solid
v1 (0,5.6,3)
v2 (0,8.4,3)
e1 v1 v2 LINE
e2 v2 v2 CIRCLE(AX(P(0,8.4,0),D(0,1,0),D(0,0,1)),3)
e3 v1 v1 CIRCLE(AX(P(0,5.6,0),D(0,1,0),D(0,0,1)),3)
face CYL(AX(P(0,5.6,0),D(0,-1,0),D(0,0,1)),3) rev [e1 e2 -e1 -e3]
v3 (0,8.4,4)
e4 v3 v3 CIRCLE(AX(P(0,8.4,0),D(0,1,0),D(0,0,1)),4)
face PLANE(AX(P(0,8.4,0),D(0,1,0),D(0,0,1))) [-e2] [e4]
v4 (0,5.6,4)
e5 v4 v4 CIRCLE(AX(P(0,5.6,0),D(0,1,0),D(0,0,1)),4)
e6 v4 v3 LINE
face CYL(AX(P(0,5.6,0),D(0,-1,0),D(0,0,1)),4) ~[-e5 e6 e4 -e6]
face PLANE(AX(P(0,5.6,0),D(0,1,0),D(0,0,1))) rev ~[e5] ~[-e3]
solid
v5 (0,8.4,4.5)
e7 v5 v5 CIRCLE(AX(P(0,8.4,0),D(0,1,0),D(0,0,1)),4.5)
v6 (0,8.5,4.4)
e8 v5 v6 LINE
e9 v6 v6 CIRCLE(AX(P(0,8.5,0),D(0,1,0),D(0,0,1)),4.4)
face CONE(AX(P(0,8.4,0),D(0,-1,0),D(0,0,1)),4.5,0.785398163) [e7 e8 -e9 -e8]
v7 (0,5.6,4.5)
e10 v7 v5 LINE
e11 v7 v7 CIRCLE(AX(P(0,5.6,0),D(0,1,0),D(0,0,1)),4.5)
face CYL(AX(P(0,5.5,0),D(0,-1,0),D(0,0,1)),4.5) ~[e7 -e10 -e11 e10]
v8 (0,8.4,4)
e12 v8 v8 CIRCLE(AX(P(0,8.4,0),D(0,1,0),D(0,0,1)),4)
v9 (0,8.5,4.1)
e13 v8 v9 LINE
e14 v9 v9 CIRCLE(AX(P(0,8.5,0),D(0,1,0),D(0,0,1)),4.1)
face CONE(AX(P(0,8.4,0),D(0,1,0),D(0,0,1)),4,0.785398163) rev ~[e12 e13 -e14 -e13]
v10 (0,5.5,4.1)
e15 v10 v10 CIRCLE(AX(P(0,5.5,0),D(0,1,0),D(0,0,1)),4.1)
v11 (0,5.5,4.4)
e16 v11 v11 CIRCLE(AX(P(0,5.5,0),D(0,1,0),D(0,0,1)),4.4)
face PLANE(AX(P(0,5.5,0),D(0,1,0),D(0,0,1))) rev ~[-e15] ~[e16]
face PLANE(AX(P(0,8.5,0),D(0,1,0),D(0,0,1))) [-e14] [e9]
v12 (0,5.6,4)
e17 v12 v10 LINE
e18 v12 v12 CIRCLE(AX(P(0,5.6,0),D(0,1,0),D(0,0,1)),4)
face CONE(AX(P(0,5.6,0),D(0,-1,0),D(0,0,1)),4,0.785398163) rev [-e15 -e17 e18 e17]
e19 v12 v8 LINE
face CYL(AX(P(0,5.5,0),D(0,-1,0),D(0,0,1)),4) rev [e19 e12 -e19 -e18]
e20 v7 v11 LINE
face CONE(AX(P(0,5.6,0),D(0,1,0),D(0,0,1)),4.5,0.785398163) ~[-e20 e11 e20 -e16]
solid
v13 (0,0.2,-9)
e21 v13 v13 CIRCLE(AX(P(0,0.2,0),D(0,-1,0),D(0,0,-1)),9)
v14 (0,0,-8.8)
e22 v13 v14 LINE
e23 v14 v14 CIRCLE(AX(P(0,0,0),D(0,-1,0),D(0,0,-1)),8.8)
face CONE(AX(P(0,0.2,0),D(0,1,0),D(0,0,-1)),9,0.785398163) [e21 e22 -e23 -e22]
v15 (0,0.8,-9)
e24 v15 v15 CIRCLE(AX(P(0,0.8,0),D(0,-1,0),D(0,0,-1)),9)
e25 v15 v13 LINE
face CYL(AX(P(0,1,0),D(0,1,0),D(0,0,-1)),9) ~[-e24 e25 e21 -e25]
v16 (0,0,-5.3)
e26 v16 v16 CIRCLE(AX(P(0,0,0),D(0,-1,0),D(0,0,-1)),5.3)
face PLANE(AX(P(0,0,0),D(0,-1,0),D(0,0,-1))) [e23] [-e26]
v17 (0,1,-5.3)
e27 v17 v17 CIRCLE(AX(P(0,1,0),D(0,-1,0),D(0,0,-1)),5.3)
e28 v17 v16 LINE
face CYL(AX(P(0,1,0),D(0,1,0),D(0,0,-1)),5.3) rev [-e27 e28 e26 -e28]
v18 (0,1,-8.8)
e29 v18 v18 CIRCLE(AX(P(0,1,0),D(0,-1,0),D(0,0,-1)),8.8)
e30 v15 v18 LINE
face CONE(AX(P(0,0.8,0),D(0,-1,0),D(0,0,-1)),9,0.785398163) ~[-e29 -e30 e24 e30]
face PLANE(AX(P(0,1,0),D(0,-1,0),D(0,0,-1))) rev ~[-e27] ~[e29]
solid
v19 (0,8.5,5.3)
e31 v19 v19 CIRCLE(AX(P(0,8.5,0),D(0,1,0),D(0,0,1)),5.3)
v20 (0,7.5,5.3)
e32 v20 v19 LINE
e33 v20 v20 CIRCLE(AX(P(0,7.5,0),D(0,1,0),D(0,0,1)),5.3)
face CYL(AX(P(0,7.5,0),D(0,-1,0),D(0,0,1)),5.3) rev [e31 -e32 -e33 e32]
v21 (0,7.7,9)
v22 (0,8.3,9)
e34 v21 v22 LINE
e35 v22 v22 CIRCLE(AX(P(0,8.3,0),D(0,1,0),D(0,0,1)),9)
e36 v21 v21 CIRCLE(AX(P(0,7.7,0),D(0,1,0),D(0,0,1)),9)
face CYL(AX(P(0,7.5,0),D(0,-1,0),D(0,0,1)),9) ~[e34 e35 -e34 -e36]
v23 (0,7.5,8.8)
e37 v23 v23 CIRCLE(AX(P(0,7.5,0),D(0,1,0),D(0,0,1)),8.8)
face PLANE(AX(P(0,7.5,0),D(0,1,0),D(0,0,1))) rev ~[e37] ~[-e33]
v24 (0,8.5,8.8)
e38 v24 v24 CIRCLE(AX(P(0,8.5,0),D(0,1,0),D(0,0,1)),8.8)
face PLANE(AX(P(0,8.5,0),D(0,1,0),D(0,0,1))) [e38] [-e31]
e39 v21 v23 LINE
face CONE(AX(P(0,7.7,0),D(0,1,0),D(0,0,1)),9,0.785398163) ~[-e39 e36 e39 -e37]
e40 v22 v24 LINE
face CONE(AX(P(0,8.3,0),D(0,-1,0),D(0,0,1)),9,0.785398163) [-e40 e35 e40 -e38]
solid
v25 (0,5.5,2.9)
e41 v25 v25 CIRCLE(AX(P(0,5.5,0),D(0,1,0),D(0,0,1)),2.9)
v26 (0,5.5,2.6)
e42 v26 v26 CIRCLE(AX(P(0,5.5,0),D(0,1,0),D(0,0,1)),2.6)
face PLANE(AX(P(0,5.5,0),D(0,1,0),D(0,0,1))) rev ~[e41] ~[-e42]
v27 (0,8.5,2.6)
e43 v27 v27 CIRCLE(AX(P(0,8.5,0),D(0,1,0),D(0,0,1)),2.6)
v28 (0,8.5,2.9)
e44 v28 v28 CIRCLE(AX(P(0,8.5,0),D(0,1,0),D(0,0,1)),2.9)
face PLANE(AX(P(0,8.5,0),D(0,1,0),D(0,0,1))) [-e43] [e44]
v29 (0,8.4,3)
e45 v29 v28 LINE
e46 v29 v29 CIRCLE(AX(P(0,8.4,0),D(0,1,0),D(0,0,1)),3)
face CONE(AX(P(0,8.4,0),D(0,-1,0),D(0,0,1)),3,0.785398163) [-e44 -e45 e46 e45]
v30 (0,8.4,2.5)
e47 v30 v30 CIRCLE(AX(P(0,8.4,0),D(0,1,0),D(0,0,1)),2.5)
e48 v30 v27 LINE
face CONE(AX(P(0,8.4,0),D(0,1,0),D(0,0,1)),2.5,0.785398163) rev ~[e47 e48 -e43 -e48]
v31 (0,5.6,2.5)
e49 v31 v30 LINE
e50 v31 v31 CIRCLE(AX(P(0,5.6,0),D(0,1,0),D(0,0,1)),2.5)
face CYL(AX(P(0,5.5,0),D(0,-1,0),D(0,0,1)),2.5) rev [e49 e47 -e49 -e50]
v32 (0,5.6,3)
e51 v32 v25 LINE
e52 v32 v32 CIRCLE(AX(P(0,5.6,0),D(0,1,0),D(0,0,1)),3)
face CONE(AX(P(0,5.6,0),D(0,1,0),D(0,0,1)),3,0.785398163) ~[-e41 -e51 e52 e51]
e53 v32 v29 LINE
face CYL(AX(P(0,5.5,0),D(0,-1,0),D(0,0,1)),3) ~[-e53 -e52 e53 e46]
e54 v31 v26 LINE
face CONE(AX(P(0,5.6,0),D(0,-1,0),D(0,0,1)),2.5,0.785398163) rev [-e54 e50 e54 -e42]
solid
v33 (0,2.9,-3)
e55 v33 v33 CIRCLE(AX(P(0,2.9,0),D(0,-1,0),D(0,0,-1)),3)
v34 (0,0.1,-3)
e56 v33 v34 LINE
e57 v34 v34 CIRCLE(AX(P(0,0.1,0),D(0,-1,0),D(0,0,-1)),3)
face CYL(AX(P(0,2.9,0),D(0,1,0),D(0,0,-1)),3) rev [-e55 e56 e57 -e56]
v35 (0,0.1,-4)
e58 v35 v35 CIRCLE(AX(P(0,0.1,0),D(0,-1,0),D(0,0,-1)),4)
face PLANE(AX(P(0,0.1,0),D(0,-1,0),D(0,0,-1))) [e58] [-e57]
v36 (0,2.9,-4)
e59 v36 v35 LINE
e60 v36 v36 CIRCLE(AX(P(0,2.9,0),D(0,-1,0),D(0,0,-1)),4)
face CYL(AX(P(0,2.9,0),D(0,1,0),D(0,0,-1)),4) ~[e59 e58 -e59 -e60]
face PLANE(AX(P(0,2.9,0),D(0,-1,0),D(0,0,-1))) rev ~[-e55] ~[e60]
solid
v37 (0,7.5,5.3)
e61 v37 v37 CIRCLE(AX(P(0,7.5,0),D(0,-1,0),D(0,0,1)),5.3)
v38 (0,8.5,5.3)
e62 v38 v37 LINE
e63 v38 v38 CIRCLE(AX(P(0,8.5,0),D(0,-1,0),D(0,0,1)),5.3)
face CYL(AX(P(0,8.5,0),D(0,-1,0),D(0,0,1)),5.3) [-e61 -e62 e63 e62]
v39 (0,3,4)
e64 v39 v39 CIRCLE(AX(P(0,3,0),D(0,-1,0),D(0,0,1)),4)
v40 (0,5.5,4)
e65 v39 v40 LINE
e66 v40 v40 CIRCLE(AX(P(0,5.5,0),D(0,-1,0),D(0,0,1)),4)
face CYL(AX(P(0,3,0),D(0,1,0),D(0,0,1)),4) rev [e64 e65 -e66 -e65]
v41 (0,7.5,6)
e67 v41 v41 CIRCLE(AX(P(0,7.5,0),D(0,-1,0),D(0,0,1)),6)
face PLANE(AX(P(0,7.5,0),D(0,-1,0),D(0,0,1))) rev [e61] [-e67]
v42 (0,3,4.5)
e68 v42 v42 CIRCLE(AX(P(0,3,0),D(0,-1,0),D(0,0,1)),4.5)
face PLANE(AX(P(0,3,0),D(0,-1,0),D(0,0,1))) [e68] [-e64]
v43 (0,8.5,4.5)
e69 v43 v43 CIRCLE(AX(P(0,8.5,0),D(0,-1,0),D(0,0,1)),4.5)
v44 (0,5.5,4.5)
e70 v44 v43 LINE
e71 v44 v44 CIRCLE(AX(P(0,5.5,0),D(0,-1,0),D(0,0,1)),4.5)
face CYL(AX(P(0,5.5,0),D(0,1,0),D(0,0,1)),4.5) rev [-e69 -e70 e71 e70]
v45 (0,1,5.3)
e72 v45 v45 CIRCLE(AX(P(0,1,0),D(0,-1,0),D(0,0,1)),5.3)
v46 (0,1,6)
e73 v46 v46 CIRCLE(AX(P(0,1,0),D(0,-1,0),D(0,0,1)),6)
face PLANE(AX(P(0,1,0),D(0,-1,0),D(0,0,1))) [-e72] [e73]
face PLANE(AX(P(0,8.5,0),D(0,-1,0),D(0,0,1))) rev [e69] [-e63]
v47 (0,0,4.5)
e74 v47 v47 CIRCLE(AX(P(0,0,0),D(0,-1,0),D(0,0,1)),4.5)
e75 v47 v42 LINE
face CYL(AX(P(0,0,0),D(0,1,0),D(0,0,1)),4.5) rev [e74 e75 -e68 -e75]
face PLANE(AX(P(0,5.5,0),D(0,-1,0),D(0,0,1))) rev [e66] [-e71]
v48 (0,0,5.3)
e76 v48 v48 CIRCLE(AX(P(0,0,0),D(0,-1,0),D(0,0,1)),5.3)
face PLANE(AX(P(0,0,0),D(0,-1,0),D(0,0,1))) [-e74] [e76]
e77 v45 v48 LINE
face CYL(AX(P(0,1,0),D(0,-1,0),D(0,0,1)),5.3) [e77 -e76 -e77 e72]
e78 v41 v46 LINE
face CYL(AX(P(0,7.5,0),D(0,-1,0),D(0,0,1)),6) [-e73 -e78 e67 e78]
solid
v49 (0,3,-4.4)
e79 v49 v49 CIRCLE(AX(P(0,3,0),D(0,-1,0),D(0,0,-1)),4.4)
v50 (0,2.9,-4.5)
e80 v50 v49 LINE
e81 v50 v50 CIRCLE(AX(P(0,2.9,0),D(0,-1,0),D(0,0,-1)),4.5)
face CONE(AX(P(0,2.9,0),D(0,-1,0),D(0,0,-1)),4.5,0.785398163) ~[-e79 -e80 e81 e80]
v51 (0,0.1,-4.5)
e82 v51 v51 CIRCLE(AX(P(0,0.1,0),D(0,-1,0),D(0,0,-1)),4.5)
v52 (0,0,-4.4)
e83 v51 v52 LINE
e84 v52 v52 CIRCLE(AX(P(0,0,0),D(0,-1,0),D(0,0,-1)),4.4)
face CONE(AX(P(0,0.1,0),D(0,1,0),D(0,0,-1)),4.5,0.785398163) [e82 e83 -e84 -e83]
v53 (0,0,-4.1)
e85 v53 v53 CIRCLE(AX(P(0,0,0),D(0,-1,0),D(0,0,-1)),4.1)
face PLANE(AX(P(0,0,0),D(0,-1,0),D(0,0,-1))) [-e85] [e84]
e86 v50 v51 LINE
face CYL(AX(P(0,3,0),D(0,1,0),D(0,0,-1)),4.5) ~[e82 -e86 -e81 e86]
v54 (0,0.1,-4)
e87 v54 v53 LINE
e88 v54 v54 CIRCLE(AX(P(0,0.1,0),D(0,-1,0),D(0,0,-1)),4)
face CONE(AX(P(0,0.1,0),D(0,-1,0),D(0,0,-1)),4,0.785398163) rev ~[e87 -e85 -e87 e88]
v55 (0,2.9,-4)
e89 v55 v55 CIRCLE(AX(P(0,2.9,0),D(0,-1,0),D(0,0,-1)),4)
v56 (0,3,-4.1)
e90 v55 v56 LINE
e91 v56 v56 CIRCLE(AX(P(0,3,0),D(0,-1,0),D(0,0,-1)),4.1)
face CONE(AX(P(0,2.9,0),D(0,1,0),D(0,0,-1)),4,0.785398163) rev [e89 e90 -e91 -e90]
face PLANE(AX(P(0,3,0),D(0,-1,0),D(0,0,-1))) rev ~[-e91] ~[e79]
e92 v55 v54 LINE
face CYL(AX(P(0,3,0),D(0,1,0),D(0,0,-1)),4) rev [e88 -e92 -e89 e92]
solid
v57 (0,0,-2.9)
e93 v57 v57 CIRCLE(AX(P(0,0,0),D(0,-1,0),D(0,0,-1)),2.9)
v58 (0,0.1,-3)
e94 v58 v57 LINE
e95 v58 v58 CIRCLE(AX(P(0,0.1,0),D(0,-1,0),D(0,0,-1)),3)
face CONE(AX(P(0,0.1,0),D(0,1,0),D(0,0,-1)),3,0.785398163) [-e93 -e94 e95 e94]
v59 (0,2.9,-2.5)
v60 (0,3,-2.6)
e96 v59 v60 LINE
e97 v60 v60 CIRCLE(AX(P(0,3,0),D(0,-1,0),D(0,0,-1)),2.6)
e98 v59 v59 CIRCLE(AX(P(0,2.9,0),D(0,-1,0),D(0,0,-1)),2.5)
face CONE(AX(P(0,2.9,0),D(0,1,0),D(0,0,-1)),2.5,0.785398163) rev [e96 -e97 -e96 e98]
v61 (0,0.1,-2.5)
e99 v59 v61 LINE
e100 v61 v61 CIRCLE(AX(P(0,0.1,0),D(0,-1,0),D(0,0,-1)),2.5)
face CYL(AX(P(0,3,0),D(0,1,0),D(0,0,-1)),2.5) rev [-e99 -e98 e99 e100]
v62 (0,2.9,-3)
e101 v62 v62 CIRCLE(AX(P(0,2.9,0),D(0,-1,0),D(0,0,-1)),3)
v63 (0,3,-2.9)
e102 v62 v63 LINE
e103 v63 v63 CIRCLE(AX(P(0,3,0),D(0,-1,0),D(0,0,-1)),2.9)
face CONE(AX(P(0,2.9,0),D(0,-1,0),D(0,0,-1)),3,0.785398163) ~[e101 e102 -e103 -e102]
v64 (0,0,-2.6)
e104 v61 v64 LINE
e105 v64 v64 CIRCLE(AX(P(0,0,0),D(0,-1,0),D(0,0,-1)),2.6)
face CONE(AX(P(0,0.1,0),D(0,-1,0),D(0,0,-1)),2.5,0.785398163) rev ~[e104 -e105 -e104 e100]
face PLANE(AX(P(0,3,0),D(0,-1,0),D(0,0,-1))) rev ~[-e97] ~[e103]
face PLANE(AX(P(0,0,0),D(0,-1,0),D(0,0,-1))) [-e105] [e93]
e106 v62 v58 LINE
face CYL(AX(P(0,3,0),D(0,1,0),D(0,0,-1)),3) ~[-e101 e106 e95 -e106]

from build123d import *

# Parameters (mm, degrees)
SKICA2_R                  = 9
SKICA2_R_2                = 5.3
P_IDAT_VYSUNUT_M1_DEPTH   = 1
ZKOSEN_1_SIZE             = 0.2
SKICA3_R                  = 9
SKICA3_R_2                = 5.3
P_IDAT_VYSUNUT_M2_DEPTH   = 1
ZKOSEN_2_SIZE             = 0.2
SKICA4_R                  = 3
SKICA4_R_2                = 2.5
P_IDAT_VYSUNUT_M3_DEPTH   = 3
SKICA4_R_3                = 4.5
SKICA4_R_4                = 4
P_IDAT_VYSUNUT_M3_2_DEPTH = 3
P_IDAT_START              = 0.1
SKICA4_4_R                = 4
SKICA4_4_R_2              = 3
P_IDAT_VYSUNUT_M4_DEPTH   = 2.8
ZKOSEN_3_SIZE             = 0.1
ZKOSEN_4_SIZE             = 0.1
SKICA5_R                  = 3
SKICA5_R_2                = 2.5
P_IDAT_VYSUNUT_M6_DEPTH   = 3
SKICA5_R_3                = 4.5
SKICA5_R_4                = 4
P_IDAT_VYSUNUT_M6_2_DEPTH = 3
ZKOSEN_5_SIZE             = 0.1
ZKOSEN_6_SIZE             = 0.1
SKICA5_4_R                = 4
SKICA5_4_R_2              = 3
P_IDAT_VYSUNUT_M7_DEPTH   = 2.8


with BuildPart() as part:
    # Skica1 → Rotovat1 (revolve)
    with BuildSketch(Plane.XY, mode=Mode.PRIVATE) as rotovat1_sk:
        Polygon((-4.5, 8.5), (-5.3, 8.5), (-5.3, 7.5), (-6, 7.5), (-6, 1), (-5.3, 1), (-5.3, 0), (-4.5, 0), (-4.5, 3), (-4, 3), (-4, 5.5), (-4.5, 5.5), align=None)
    revolve(rotovat1_sk.sketch.rotate(Axis((0, 8.5, 0), (0, -1, 0)), 270), axis=Axis((0, 8.5, 0), (0, -1, 0)))


with BuildPart() as body_2:
    # Skica2 → Přidat vysunutím1 (new body)
    with BuildSketch(Plane(origin=(0, 7.5, 0), x_dir=(1, 0, 0), z_dir=(0, 1, 0))):
        with Locations(Location((0, 0, 0), (0, 0, 270))):
            Circle(SKICA2_R)
        with Locations(Location((0, 0, 0), (0, 0, 270))):
            Circle(SKICA2_R_2, mode=Mode.SUBTRACT)
    extrude(amount=P_IDAT_VYSUNUT_M1_DEPTH)

    # Zkosení1
    zkosen_1_edges = [body_2.edges().sort_by_distance(p)[0] for p in [
        (0, 7.5, -9),
        (0, 8.5, -9),
    ]]
    chamfer(zkosen_1_edges, length=ZKOSEN_1_SIZE)


with BuildPart() as body_3:
    # Skica3 → Přidat vysunutím2 (new body)
    with BuildSketch(Plane.XZ.offset(-1)):
        with Locations(Location((0, 0, 0), (0, 0, 270))):
            Circle(SKICA3_R)
        with Locations(Location((0, 0, 0), (0, 0, 270))):
            Circle(SKICA3_R_2, mode=Mode.SUBTRACT)
    extrude(amount=P_IDAT_VYSUNUT_M2_DEPTH)

    # Zkosení2
    zkosen_2_edges = [body_3.edges().sort_by_distance(p)[0] for p in [
        (0, 1, 9),
        (0, 0, 9),
    ]]
    chamfer(zkosen_2_edges, length=ZKOSEN_2_SIZE)


with BuildPart() as body_4:
    # Skica4 → Přidat vysunutím3 (new body)
    with BuildSketch(Plane(origin=(0, 5.5, 0), x_dir=(1, 0, 0), z_dir=(0, 1, 0))):
        with Locations(Location((0, 0, 0), (0, 0, 270))):
            Circle(SKICA4_R)
        with Locations(Location((0, 0, 0), (0, 0, 270))):
            Circle(SKICA4_R_2, mode=Mode.SUBTRACT)
    extrude(amount=P_IDAT_VYSUNUT_M3_DEPTH)

    # Zkosení3
    zkosen_3_edges = [body_4.edges().sort_by_distance(p)[0] for p in [
        (0, 5.5, -3),
        (0, 5.5, -2.5),
        (0, 8.5, -2.5),
        (0, 8.5, -3),
    ]]
    chamfer(zkosen_3_edges, length=ZKOSEN_3_SIZE)


with BuildPart() as body_5:
    # Skica4 → P_idat vysunut_m3 2 (new body)
    with BuildSketch(Plane(origin=(0, 5.5, 0), x_dir=(1, 0, 0), z_dir=(0, 1, 0))):
        with Locations(Location((0, 0, 0), (0, 0, 270))):
            Circle(SKICA4_R_3)
        with Locations(Location((0, 0, 0), (0, 0, 270))):
            Circle(SKICA4_R_4, mode=Mode.SUBTRACT)
    extrude(amount=P_IDAT_VYSUNUT_M3_2_DEPTH)

    # Zkosení4
    zkosen_4_edges = [body_5.edges().sort_by_distance(p)[0] for p in [
        (0, 8.5, -4.5),
        (0, 5.5, -4.5),
        (0, 5.5, -4),
        (0, 8.5, -4),
    ]]
    chamfer(zkosen_4_edges, length=ZKOSEN_4_SIZE)


with BuildPart() as body_6:
    # Skica4<4> → Přidat vysunutím4 (new body)
    with BuildSketch(Plane(origin=(0, 5.5, 0), x_dir=(1, 0, 0), z_dir=(0, 1, 0)).offset(P_IDAT_START)):
        with Locations(Location((0, 0, 0), (0, 0, 270))):
            Circle(SKICA4_4_R)
        with Locations(Location((0, 0, 0), (0, 0, 270))):
            Circle(SKICA4_4_R_2, mode=Mode.SUBTRACT)
    extrude(amount=P_IDAT_VYSUNUT_M4_DEPTH)


with BuildPart() as body_7:
    # Skica5 → Přidat vysunutím6 (new body)
    with BuildSketch(Plane.XZ.offset(-3)):
        with Locations(Location((0, 0, 0), (0, 0, 270))):
            Circle(SKICA5_R)
        with Locations(Location((0, 0, 0), (0, 0, 270))):
            Circle(SKICA5_R_2, mode=Mode.SUBTRACT)
    extrude(amount=P_IDAT_VYSUNUT_M6_DEPTH)

    # Zkosení5
    zkosen_5_edges = [body_7.edges().sort_by_distance(p)[0] for p in [
        (0, 3, 3),
        (0, 3, 2.5),
        (0, 0, 2.5),
        (0, 0, 3),
    ]]
    chamfer(zkosen_5_edges, length=ZKOSEN_5_SIZE)


with BuildPart() as body_8:
    # Skica5 → P_idat vysunut_m6 2 (new body)
    with BuildSketch(Plane.XZ.offset(-3)):
        with Locations(Location((0, 0, 0), (0, 0, 270))):
            Circle(SKICA5_R_3)
        with Locations(Location((0, 0, 0), (0, 0, 270))):
            Circle(SKICA5_R_4, mode=Mode.SUBTRACT)
    extrude(amount=P_IDAT_VYSUNUT_M6_2_DEPTH)

    # Zkosení6
    zkosen_6_edges = [body_8.edges().sort_by_distance(p)[0] for p in [
        (0, 0, 4),
        (0, 3, 4),
        (0, 3, 4.5),
        (0, 0, 4.5),
    ]]
    chamfer(zkosen_6_edges, length=ZKOSEN_6_SIZE)


with BuildPart() as body_9:
    # Skica5<4> → Přidat vysunutím7 (new body)
    with BuildSketch(Plane.XZ.offset(-3).offset(P_IDAT_START)):
        with Locations(Location((0, 0, 0), (0, 0, 270))):
            Circle(SKICA5_4_R)
        with Locations(Location((0, 0, 0), (0, 0, 270))):
            Circle(SKICA5_4_R_2, mode=Mode.SUBTRACT)
    extrude(amount=P_IDAT_VYSUNUT_M7_DEPTH)


solid = Compound([part.part, body_2.part, body_3.part, body_4.part, body_5.part, body_6.part, body_7.part, body_8.part, body_9.part])
